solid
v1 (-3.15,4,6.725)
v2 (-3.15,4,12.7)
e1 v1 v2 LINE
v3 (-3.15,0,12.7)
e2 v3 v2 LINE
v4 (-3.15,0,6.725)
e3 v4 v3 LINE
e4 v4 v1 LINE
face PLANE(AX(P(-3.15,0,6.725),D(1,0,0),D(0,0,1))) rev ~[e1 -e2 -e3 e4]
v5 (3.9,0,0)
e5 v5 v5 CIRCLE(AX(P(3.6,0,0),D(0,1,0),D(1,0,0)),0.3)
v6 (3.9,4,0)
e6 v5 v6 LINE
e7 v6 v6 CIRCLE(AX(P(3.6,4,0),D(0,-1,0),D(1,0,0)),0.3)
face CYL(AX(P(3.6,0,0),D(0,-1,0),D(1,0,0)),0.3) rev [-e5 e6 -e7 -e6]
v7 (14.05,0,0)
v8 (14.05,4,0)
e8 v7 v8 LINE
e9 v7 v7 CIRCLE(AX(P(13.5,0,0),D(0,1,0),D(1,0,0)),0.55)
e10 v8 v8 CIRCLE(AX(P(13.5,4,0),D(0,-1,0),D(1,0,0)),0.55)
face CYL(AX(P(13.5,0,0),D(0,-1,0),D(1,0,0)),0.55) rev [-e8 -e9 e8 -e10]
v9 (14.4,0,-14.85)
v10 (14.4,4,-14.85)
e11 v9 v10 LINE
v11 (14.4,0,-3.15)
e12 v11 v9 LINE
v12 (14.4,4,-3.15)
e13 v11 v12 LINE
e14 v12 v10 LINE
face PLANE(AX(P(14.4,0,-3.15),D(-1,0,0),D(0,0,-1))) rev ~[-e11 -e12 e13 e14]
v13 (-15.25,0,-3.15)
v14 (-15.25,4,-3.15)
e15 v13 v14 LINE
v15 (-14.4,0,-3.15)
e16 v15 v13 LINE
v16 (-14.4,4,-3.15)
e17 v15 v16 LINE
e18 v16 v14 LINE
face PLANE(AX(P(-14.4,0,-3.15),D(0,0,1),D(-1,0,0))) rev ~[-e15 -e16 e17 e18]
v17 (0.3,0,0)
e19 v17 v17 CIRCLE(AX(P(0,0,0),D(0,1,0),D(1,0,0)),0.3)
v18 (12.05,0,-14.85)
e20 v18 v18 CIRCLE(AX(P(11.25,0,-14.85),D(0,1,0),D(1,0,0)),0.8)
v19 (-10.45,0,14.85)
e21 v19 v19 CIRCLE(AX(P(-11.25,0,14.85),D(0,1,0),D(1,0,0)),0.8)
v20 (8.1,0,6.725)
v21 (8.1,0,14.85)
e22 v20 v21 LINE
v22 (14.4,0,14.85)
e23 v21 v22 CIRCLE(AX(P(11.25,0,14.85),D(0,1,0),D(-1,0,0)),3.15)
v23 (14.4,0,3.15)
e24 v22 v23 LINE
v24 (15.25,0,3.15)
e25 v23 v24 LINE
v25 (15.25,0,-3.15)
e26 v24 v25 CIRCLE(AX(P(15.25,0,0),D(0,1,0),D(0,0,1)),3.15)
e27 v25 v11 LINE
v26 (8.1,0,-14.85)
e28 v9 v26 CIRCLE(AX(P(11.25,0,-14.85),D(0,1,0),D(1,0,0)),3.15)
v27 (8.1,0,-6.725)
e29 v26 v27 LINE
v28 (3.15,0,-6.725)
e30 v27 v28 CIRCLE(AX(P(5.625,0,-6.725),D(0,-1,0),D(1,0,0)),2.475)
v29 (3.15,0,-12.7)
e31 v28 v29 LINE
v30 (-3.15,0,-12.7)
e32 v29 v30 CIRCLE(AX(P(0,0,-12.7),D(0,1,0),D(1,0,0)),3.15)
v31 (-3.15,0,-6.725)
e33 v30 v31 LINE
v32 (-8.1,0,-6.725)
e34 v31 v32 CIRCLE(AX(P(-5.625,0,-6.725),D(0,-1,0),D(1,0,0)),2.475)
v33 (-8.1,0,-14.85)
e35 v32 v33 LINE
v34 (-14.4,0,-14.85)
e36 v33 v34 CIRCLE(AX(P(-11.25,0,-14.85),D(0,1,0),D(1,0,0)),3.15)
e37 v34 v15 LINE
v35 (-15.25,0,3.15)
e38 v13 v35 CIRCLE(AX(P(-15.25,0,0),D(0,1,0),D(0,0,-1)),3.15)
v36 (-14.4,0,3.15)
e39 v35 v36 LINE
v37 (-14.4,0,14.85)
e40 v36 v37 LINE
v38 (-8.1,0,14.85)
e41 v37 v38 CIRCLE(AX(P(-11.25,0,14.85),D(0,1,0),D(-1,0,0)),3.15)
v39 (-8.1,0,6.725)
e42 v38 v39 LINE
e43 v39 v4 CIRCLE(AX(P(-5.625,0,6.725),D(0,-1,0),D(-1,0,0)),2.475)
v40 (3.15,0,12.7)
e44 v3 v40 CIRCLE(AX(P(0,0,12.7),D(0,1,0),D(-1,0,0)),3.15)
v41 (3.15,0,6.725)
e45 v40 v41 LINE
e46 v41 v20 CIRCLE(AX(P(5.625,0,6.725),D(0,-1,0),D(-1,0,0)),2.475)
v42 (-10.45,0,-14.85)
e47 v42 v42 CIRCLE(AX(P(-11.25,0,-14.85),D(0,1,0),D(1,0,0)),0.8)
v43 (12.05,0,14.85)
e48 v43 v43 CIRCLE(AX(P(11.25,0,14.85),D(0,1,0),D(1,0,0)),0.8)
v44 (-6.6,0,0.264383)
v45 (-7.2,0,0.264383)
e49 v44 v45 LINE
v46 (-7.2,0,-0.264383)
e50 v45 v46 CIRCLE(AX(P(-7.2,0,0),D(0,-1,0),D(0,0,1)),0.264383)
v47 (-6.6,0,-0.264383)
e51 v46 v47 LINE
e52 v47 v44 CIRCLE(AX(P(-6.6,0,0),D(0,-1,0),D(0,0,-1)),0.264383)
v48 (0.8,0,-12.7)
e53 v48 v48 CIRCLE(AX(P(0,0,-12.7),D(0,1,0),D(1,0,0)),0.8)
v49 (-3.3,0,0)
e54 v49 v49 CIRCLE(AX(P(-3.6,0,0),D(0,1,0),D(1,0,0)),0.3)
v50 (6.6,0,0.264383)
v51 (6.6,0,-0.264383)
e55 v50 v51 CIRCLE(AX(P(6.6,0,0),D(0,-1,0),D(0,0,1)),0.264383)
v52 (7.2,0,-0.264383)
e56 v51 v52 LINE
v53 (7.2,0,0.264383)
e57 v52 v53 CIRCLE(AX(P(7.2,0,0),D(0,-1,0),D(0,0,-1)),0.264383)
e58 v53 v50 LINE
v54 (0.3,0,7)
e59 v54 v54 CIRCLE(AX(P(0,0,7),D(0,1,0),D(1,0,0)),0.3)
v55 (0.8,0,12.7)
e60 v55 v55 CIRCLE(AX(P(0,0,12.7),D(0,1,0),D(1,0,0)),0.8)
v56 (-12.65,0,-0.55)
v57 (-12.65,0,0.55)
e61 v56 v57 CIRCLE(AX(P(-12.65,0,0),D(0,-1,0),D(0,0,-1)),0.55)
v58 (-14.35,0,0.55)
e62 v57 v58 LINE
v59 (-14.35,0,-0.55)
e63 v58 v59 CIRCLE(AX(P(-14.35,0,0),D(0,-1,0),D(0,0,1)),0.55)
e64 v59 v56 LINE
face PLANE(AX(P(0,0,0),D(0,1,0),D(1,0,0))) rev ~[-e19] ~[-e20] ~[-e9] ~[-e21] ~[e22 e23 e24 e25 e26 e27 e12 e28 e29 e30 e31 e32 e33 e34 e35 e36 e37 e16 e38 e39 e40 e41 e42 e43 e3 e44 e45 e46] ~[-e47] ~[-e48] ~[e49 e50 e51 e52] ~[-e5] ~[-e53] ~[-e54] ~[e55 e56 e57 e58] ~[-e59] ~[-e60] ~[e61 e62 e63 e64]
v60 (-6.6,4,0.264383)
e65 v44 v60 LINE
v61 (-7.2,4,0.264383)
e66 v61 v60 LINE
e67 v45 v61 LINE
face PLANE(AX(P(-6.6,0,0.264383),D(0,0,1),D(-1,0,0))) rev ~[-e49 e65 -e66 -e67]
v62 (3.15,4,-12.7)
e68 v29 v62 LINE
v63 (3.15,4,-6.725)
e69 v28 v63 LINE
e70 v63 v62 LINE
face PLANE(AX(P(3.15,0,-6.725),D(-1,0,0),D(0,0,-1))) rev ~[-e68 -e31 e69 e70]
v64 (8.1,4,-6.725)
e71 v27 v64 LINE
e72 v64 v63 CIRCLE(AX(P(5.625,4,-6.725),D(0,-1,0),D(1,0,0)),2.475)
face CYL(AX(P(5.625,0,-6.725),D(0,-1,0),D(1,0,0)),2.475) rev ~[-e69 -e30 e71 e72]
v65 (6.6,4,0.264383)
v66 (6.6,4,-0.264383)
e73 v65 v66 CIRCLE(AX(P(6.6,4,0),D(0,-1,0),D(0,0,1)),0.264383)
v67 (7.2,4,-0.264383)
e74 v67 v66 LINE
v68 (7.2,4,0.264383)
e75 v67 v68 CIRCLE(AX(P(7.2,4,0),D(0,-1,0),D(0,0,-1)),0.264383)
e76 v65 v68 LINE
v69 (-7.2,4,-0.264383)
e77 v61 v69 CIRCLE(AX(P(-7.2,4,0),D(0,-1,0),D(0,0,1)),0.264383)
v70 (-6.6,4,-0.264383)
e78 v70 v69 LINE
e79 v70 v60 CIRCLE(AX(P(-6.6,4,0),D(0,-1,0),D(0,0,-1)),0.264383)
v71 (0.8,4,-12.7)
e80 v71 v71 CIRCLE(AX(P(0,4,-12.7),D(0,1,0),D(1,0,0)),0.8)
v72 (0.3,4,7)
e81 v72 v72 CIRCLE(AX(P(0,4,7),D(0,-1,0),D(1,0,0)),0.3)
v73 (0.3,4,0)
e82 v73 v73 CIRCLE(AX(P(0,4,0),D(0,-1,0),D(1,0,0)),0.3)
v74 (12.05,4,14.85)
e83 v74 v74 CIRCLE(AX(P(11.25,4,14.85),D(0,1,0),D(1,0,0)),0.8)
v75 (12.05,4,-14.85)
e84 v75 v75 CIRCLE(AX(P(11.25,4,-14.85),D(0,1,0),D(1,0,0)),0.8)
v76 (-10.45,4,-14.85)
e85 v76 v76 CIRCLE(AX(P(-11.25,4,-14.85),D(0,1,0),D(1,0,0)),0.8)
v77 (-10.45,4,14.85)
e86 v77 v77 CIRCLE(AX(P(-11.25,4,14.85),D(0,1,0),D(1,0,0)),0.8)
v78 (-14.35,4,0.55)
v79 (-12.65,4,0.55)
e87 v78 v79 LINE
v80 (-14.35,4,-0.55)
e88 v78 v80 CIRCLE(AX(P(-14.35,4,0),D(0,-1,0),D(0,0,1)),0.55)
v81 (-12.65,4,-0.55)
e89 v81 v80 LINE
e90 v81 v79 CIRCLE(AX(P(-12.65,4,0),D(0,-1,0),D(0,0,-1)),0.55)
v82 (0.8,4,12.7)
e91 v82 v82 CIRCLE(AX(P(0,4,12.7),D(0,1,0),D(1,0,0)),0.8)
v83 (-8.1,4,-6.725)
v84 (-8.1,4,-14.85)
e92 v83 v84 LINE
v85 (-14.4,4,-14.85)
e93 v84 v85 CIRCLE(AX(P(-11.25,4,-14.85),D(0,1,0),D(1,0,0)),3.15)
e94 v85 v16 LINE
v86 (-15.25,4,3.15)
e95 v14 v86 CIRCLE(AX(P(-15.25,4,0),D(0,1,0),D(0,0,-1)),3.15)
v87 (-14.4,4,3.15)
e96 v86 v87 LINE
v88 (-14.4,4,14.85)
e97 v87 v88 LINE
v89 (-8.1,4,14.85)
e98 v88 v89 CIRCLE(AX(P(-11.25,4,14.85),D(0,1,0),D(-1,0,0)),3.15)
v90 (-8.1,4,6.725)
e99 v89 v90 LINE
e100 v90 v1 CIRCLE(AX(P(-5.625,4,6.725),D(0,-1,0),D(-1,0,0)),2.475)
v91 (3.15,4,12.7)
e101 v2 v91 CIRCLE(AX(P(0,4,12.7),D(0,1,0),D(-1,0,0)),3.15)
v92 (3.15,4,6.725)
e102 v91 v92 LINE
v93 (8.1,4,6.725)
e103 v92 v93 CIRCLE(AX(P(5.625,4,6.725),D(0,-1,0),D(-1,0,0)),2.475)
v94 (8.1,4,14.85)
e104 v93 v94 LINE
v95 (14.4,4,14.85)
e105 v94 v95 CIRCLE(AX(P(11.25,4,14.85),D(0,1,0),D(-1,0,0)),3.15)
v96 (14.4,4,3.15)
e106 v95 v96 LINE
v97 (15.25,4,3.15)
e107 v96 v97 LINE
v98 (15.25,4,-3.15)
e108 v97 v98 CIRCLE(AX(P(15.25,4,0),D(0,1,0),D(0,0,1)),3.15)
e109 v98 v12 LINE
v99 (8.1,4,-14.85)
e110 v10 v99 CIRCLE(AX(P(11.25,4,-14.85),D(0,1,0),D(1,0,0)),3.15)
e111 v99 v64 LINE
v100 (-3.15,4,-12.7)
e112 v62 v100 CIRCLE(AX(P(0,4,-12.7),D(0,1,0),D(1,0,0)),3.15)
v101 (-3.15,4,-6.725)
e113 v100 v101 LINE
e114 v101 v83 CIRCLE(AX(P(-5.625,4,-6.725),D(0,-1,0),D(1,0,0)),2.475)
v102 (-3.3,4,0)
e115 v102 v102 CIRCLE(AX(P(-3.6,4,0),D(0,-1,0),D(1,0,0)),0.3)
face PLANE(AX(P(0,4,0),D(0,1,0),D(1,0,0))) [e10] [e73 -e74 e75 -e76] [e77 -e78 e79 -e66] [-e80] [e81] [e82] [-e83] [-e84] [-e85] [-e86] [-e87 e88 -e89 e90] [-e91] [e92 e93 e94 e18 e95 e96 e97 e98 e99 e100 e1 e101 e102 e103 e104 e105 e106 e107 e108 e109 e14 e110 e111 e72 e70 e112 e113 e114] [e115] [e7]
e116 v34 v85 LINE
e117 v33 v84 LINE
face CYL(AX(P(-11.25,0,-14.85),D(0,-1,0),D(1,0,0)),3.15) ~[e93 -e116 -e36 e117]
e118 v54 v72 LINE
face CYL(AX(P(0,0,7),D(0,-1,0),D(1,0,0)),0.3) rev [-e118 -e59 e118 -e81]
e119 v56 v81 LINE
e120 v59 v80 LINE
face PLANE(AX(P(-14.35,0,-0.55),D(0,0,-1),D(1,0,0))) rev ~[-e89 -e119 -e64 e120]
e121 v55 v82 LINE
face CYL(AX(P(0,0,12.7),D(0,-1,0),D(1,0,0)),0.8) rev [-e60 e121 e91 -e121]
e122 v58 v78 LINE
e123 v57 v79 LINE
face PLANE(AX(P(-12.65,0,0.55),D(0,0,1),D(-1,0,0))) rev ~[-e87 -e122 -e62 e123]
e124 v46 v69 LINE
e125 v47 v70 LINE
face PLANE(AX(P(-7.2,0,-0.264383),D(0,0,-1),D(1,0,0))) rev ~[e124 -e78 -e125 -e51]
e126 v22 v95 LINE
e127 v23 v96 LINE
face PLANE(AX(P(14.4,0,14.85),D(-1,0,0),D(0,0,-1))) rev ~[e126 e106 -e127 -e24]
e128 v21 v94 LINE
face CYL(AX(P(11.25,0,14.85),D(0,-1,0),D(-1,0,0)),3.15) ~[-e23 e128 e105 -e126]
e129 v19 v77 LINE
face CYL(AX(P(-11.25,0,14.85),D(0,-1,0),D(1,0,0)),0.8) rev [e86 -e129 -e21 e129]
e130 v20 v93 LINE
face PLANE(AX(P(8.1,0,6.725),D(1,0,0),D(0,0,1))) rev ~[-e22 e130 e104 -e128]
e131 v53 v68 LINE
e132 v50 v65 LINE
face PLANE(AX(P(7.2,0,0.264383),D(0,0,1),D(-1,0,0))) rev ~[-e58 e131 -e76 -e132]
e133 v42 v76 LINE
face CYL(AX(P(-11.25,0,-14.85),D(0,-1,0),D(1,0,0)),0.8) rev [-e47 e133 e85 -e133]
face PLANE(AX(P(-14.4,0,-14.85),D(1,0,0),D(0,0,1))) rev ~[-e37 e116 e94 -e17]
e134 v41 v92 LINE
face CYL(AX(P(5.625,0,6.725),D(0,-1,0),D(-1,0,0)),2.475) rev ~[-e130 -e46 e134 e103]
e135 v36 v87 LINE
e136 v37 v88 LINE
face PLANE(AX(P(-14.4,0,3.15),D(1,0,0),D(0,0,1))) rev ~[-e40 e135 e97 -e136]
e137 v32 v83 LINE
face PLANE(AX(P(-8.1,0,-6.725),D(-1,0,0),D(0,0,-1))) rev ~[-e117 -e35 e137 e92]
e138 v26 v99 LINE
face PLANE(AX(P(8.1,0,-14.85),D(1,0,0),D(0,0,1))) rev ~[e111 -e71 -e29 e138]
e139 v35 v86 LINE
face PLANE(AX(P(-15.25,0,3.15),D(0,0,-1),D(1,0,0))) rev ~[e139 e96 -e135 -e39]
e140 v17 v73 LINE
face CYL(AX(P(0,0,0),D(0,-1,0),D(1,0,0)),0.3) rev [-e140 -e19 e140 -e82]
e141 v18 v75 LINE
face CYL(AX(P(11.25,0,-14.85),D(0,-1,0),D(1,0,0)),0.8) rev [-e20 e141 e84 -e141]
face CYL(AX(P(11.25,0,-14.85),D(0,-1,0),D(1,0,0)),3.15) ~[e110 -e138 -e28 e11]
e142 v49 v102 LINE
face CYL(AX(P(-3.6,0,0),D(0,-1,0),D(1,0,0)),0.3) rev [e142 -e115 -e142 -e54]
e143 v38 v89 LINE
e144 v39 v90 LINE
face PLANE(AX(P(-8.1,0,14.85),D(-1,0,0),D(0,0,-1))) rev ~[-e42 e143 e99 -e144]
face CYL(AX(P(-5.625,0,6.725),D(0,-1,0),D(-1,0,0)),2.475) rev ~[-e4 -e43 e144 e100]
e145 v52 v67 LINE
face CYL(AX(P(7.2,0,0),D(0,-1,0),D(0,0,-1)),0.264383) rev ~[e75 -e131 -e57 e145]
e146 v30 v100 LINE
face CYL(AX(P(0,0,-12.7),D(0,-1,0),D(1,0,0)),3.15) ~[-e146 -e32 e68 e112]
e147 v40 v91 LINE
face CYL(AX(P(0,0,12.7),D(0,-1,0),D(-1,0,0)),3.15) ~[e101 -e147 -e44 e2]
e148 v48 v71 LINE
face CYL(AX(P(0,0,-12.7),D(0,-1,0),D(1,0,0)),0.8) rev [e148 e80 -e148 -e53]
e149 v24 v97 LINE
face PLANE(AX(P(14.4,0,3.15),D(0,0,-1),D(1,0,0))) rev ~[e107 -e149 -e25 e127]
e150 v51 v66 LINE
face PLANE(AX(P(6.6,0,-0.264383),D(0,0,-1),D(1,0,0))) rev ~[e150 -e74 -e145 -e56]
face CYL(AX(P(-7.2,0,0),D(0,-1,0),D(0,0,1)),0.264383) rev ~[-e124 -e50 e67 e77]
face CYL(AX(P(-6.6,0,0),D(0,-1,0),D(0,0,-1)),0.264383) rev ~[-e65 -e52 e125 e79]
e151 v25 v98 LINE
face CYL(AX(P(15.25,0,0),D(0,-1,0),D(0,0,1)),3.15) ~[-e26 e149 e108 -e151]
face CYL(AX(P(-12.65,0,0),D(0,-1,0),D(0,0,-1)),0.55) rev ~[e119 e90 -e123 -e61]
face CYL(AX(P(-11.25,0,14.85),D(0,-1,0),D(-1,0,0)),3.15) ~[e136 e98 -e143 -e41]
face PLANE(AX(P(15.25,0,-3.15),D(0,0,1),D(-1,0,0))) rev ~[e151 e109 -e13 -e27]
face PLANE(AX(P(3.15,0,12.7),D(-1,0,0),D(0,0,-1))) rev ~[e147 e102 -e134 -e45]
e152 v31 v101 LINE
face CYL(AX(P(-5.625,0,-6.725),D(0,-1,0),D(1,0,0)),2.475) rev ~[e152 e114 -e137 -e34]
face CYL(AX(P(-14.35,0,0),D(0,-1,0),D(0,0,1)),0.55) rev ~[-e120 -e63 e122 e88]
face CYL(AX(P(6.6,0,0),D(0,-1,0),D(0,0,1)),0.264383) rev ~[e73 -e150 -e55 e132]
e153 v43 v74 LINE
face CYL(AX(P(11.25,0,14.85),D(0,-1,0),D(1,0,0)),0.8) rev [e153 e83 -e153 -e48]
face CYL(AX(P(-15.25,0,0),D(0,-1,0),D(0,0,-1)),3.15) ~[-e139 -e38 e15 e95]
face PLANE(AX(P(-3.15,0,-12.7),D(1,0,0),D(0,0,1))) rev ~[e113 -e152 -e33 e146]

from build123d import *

# Parameters (mm, degrees)
SKETCH1_R       = 0.8
EXTRUDE9_DEPTH  = 4
SKETCH2_R       = 0.55
EXTRUDE10_DEPTH = 5
SKETCH3_R       = 0.3
EXTRUDE11_DEPTH = 10


with BuildPart() as part:
    # Sketch1 → Extrude9 (new body)
    with BuildSketch(Plane(origin=(0, 0, 0), x_dir=(1, 0, 0), z_dir=(0, 1, 0))):
        with BuildLine():
            Line((-14.4, 14.85), (-14.4, 3.15))
            Line((-14.4, 3.15), (-15.25, 3.15))
            ThreePointArc((-15.25, 3.15), (-18.4, 0), (-15.25, -3.15))
            Line((-15.25, -3.15), (-14.4, -3.15))
            Line((-14.4, -3.15), (-14.4, -14.85))
            ThreePointArc((-14.4, -14.85), (-11.25, -18), (-8.1, -14.85))
            Line((-8.1, -14.85), (-8.1, -6.725))
            ThreePointArc((-8.1, -6.725), (-5.625, -4.25), (-3.15, -6.725))
            Line((-3.15, -6.725), (-3.15, -12.7))
            ThreePointArc((-3.15, -12.7), (0, -15.85), (3.15, -12.7))
            Line((3.15, -12.7), (3.15, -6.725))
            ThreePointArc((3.15, -6.725), (5.625, -4.25), (8.1, -6.725))
            Line((8.1, -6.725), (8.1, -14.85))
            ThreePointArc((8.1, -14.85), (11.25, -18), (14.4, -14.85))
            Line((14.4, -14.85), (14.4, -3.15))
            Line((14.4, -3.15), (15.25, -3.15))
            ThreePointArc((15.25, -3.15), (18.4, 0), (15.25, 3.15))
            Line((15.25, 3.15), (14.4, 3.15))
            Line((14.4, 3.15), (14.4, 14.85))
            ThreePointArc((14.4, 14.85), (11.25, 18), (8.1, 14.85))
            Line((8.1, 14.85), (8.1, 6.725))
            ThreePointArc((8.1, 6.725), (5.625, 4.25), (3.15, 6.725))
            Line((3.15, 6.725), (3.15, 12.7))
            ThreePointArc((3.15, 12.7), (0, 15.85), (-3.15, 12.7))
            Line((-3.15, 12.7), (-3.15, 6.725))
            ThreePointArc((-3.15, 6.725), (-5.625, 4.25), (-8.1, 6.725))
            Line((-8.1, 6.725), (-8.1, 14.85))
            ThreePointArc((-8.1, 14.85), (-11.25, 18), (-14.4, 14.85))
        make_face()
        with Locations((-11.25, 14.85)):
            Circle(SKETCH1_R, mode=Mode.SUBTRACT)
        with Locations((0, 12.7)):
            Circle(SKETCH1_R, mode=Mode.SUBTRACT)
        with Locations((11.25, 14.85)):
            Circle(SKETCH1_R, mode=Mode.SUBTRACT)
        with Locations((11.25, -14.85)):
            Circle(SKETCH1_R, mode=Mode.SUBTRACT)
        with Locations((0, -12.7)):
            Circle(SKETCH1_R, mode=Mode.SUBTRACT)
        with Locations((-11.25, -14.85)):
            Circle(SKETCH1_R, mode=Mode.SUBTRACT)
    extrude(amount=EXTRUDE9_DEPTH)

    # Sketch2 → Extrude10 (cut, through all)
    with BuildSketch(Plane(origin=(0, 0, 0), x_dir=(1, 0, 0), z_dir=(0, 1, 0))):
        with Locations((13.5, 0)):
            Circle(SKETCH2_R)
        with BuildLine():
            Line((-14.35, 0.55), (-12.65, 0.55))
            ThreePointArc((-12.65, 0.55), (-12.1, 0), (-12.65, -0.55))
            Line((-12.65, -0.55), (-14.35, -0.55))
            ThreePointArc((-14.35, -0.55), (-14.9, 0), (-14.35, 0.55))
        make_face()
    extrude(amount=EXTRUDE10_DEPTH, mode=Mode.SUBTRACT)

    # Sketch3 → Extrude11 (cut)
    with BuildSketch(Plane(origin=(0, 0, 0), x_dir=(1, 0, 0), z_dir=(0, 1, 0))):
        with Locations((-3.6, 0)):
            Circle(SKETCH3_R)
        with Locations((3.6, 0)):
            Circle(SKETCH3_R)
        Circle(SKETCH3_R)
        with Locations((0, -7)):
            Circle(SKETCH3_R)
        with BuildLine():
            Line((-7.2, 0.264383356), (-6.6, 0.264383356))
            ThreePointArc((-6.6, 0.264383356), (-6.335616644, 0), (-6.6, -0.264383356))
            Line((-6.6, -0.264383356), (-7.2, -0.264383356))
            ThreePointArc((-7.2, -0.264383356), (-7.464383356, 0), (-7.2, 0.264383356))
        make_face()
        with BuildLine():
            Line((6.6, 0.264383356), (7.2, 0.264383356))
            ThreePointArc((7.2, 0.264383356), (7.464383356, 0), (7.2, -0.264383356))
            Line((7.2, -0.264383356), (6.6, -0.264383356))
            ThreePointArc((6.6, -0.264383356), (6.335616644, 0), (6.6, 0.264383356))
        make_face()
    extrude(amount=EXTRUDE11_DEPTH, mode=Mode.SUBTRACT)


solid = part.part
